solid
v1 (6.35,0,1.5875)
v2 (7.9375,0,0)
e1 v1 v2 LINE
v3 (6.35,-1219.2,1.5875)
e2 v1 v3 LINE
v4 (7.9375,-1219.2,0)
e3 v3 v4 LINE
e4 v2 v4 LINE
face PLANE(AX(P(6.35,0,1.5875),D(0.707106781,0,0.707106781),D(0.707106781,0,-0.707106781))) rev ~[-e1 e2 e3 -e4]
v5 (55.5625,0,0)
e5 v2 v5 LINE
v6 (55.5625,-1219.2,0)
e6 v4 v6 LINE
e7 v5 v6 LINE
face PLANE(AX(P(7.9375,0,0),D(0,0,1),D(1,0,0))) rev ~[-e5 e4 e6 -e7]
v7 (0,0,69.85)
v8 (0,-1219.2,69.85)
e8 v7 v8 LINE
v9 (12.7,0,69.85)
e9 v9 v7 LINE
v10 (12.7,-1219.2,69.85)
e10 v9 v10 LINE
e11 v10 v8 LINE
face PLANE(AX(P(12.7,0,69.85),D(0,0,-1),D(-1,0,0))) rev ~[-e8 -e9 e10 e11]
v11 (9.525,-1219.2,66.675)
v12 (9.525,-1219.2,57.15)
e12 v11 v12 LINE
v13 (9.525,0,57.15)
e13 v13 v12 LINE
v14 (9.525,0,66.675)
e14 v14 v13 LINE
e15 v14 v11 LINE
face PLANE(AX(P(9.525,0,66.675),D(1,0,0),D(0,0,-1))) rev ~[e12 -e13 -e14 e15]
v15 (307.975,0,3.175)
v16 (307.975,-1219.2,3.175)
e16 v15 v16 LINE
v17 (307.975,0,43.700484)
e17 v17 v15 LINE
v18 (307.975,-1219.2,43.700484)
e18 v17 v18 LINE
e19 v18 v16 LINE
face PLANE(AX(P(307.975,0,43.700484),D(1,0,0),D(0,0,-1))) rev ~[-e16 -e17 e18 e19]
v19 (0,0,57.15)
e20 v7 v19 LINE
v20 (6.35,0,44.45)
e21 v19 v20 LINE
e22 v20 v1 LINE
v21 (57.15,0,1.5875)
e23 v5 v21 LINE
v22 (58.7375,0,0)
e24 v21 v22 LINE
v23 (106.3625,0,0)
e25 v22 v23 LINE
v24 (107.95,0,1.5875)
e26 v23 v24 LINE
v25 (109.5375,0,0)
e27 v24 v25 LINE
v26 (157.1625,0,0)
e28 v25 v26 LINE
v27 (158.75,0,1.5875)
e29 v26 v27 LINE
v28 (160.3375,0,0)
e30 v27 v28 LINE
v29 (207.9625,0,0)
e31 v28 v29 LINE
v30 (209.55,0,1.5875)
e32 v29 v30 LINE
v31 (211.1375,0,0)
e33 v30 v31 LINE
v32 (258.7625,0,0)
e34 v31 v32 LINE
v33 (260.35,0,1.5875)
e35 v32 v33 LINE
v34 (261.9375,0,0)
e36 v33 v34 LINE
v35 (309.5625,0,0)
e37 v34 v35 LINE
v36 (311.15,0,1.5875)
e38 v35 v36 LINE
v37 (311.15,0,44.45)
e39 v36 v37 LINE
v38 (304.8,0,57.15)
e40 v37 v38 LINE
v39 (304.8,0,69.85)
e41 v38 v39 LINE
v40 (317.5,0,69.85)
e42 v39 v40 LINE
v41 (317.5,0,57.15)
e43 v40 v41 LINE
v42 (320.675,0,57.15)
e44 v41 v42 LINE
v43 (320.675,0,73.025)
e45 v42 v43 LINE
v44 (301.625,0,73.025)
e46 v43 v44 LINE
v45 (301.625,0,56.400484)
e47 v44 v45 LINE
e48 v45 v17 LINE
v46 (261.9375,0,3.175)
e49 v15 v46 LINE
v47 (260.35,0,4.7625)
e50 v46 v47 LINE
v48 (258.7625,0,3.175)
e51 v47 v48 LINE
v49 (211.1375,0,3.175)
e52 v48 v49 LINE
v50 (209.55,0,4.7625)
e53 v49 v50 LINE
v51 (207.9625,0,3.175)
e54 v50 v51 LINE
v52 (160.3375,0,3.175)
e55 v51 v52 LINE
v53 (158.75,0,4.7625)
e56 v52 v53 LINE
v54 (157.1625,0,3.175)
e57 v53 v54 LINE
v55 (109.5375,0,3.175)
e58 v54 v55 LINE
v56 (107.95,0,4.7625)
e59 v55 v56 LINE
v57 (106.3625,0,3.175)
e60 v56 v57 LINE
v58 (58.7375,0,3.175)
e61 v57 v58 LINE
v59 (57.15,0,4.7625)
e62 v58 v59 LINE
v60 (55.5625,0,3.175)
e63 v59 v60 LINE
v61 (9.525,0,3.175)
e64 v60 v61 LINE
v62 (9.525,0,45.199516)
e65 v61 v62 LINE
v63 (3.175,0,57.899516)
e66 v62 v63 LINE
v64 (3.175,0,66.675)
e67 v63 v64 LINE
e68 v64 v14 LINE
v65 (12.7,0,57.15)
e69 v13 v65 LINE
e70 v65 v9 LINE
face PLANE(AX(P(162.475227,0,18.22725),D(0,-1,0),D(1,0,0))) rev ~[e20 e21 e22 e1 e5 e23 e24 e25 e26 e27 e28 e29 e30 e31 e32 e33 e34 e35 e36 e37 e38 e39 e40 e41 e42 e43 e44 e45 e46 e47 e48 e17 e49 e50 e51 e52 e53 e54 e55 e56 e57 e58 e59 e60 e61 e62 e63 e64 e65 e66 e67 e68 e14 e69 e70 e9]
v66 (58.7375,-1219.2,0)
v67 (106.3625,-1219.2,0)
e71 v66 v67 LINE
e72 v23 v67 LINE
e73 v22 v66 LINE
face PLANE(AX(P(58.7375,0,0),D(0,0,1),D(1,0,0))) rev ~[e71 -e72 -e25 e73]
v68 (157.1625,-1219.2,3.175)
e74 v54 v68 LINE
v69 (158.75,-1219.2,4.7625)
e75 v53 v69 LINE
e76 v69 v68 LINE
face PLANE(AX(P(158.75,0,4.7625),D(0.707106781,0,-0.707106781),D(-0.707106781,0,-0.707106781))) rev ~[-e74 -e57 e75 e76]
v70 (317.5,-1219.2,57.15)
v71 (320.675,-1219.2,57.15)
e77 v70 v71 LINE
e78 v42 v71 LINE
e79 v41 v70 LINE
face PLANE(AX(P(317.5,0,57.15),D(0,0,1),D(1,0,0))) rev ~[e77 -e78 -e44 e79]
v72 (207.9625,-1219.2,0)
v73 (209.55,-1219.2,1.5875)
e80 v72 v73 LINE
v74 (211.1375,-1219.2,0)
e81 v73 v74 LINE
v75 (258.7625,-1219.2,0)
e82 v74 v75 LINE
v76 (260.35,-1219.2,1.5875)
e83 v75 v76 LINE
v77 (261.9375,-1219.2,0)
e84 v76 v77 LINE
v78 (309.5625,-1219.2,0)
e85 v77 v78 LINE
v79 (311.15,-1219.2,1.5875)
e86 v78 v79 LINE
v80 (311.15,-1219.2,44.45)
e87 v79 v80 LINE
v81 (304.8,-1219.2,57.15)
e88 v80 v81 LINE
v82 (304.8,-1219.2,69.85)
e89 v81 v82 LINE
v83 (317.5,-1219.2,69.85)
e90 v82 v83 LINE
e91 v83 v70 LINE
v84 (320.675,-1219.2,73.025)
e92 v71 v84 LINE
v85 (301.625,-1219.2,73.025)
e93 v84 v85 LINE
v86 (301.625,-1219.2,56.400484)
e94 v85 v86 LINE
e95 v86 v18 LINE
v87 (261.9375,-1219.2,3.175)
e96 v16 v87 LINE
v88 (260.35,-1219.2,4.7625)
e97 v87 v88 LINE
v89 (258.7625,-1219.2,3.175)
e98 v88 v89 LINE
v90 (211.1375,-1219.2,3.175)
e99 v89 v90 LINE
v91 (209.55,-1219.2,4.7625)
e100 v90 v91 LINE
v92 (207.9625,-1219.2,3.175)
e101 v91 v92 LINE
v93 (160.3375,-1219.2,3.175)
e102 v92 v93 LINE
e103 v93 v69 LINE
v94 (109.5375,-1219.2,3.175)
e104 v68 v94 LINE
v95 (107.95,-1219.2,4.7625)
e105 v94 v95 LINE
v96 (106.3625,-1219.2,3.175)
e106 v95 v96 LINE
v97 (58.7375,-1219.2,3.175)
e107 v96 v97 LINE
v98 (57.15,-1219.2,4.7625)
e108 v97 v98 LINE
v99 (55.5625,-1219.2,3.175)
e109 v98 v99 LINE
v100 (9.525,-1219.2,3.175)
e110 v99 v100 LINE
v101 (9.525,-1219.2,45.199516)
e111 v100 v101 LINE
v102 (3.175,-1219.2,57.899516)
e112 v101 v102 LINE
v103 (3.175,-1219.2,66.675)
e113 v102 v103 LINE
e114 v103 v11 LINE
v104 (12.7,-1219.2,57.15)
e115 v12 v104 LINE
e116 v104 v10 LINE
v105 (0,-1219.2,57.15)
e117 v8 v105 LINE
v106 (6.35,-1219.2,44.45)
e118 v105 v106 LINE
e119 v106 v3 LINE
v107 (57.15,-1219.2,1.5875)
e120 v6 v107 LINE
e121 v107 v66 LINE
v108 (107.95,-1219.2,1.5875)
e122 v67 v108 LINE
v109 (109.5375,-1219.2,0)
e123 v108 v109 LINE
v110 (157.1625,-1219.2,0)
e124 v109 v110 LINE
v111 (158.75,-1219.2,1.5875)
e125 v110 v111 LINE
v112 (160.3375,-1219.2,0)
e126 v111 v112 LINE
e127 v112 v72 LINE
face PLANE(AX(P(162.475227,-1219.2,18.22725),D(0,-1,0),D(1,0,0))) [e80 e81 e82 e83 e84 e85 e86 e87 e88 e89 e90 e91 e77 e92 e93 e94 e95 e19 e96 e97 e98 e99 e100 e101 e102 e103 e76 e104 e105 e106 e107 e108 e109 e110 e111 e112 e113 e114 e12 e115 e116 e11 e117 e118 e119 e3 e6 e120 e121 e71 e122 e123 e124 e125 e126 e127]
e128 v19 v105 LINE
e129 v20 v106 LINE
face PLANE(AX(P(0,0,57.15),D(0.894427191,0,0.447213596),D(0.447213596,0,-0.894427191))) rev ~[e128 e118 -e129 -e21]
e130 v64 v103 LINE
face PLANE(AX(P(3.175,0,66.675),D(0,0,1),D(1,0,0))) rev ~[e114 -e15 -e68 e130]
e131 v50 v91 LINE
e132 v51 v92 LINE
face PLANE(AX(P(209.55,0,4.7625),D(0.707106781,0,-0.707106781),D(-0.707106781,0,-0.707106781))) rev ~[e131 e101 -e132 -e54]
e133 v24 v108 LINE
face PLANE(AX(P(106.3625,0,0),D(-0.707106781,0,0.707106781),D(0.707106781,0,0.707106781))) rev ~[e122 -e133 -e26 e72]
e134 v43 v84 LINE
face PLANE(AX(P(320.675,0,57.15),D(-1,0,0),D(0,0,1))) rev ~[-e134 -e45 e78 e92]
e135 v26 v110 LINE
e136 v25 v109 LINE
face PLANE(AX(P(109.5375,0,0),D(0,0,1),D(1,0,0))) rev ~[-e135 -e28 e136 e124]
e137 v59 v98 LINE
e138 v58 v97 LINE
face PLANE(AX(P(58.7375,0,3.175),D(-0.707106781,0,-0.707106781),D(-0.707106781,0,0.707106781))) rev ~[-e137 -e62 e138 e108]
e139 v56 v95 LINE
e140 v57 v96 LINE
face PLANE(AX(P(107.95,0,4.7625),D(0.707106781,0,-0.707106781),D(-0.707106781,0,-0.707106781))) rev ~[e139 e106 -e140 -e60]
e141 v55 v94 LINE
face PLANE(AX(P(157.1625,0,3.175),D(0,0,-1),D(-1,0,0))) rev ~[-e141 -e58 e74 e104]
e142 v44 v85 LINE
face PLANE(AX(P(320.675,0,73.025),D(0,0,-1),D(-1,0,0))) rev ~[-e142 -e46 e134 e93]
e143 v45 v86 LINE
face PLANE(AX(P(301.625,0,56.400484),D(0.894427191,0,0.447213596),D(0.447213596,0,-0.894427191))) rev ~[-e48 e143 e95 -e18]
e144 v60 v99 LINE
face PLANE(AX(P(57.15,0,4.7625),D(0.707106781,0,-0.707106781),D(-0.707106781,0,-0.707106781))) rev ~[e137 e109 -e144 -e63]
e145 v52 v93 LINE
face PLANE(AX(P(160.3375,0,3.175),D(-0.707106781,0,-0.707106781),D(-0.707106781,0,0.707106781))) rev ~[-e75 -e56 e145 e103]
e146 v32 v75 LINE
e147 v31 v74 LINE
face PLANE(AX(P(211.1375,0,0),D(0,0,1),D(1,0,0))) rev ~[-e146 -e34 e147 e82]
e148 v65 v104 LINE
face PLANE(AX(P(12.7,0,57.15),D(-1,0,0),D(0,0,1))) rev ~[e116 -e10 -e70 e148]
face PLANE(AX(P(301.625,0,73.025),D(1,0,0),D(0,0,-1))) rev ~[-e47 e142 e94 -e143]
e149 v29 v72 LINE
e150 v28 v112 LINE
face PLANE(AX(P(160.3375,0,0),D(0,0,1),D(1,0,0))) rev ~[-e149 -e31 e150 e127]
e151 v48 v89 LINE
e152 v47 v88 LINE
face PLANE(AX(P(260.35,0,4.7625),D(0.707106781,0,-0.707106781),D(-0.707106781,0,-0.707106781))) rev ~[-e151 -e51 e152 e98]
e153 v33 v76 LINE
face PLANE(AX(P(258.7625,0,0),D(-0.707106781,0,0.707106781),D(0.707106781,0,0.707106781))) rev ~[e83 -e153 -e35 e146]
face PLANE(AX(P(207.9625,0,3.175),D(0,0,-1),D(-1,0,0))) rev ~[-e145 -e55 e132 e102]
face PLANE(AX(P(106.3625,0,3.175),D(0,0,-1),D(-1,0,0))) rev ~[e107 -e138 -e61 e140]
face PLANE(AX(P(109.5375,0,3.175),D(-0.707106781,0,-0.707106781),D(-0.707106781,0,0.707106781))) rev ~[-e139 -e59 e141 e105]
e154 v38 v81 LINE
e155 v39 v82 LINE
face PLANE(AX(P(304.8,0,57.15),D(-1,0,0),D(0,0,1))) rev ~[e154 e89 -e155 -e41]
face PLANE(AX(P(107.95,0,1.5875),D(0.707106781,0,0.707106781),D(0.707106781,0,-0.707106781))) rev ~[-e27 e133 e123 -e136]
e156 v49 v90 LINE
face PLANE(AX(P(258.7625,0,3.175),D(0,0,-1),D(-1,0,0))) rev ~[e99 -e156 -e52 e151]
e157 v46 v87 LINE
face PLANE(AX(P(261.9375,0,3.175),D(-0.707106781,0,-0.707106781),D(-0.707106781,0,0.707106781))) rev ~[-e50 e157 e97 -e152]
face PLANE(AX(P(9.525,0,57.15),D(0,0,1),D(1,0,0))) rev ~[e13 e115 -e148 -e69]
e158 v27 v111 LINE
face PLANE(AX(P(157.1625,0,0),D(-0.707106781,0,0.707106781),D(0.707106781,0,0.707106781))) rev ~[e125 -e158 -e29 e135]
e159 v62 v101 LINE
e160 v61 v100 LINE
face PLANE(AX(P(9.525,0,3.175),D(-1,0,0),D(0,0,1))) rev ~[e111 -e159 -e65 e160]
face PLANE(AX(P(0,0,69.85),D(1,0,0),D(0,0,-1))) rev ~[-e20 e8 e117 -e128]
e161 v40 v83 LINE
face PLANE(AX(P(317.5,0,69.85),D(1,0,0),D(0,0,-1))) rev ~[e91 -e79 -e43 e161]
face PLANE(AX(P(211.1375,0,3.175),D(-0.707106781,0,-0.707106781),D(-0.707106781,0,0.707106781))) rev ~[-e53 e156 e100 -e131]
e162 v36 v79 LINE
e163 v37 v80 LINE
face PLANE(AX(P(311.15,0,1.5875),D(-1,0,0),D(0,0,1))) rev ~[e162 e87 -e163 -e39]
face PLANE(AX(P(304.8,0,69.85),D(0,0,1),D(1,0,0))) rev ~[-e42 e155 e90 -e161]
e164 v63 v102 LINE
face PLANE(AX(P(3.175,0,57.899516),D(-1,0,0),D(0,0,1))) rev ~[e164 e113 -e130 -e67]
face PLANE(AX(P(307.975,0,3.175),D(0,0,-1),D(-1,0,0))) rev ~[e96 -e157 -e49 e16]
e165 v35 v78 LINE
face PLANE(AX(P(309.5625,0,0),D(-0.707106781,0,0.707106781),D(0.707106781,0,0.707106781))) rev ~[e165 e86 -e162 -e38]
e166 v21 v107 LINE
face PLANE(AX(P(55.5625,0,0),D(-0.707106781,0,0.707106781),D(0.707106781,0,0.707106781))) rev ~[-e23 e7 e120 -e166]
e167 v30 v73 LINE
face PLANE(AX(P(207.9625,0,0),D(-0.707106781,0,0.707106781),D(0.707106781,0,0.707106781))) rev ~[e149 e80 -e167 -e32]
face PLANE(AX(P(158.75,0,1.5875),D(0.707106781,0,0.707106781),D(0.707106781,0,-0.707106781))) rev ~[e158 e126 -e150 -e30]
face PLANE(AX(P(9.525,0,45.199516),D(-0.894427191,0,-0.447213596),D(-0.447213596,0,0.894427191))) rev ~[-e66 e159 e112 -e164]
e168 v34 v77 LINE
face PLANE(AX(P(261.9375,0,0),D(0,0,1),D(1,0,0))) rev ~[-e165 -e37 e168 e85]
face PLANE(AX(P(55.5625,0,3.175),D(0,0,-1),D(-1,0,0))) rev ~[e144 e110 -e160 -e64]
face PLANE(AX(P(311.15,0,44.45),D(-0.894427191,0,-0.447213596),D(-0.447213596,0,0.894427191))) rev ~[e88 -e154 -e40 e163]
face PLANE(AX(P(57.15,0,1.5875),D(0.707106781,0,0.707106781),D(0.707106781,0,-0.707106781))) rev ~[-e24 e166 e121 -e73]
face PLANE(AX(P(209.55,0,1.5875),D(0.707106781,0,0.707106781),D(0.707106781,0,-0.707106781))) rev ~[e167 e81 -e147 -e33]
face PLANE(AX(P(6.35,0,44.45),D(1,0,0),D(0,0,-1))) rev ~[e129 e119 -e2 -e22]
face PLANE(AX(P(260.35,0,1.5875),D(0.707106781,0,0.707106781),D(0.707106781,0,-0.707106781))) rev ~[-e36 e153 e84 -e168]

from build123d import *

# Parameters (mm, degrees)
F1_DEPTH = 1219.2


with BuildPart() as f1:
    # F0 (on Front) → F1 (new body)
    with BuildSketch(Plane.XZ):
        Polygon((9.525, 57.15), (12.7, 57.15), (12.7, 69.85), (0, 69.85), (0, 57.15), (6.35, 44.45), (6.35, 1.5875), (7.9375, 0), (55.5625, 0), (57.15, 1.5875), (58.7375, 0), (106.3625, 0), (107.95, 1.5875), (109.5375, 0), (157.1625, 0), (158.75, 1.5875), (160.3375, 0), (207.9625, 0), (209.55, 1.5875), (211.1375, 0), (258.7625, 0), (260.35, 1.5875), (261.9375, 0), (309.5625, 0), (311.15, 1.5875), (311.15, 44.45), (304.8, 57.15), (304.8, 69.85), (317.5, 69.85), (317.5, 57.15), (320.675, 57.15), (320.675, 73.025), (301.625, 73.025), (301.625, 56.400484), (307.975, 43.700484), (307.975, 3.175), (261.9375, 3.175), (260.35, 4.7625), (258.7625, 3.175), (211.1375, 3.175), (209.55, 4.7625), (207.9625, 3.175), (160.3375, 3.175), (158.75, 4.7625), (157.1625, 3.175), (109.5375, 3.175), (107.95, 4.7625), (106.3625, 3.175), (58.7375, 3.175), (57.15, 4.7625), (55.5625, 3.175), (9.525, 3.175), (9.525, 45.199516), (3.175, 57.899516), (3.175, 66.675), (9.525, 66.675), align=None)
    extrude(amount=F1_DEPTH)


solid = f1.part
